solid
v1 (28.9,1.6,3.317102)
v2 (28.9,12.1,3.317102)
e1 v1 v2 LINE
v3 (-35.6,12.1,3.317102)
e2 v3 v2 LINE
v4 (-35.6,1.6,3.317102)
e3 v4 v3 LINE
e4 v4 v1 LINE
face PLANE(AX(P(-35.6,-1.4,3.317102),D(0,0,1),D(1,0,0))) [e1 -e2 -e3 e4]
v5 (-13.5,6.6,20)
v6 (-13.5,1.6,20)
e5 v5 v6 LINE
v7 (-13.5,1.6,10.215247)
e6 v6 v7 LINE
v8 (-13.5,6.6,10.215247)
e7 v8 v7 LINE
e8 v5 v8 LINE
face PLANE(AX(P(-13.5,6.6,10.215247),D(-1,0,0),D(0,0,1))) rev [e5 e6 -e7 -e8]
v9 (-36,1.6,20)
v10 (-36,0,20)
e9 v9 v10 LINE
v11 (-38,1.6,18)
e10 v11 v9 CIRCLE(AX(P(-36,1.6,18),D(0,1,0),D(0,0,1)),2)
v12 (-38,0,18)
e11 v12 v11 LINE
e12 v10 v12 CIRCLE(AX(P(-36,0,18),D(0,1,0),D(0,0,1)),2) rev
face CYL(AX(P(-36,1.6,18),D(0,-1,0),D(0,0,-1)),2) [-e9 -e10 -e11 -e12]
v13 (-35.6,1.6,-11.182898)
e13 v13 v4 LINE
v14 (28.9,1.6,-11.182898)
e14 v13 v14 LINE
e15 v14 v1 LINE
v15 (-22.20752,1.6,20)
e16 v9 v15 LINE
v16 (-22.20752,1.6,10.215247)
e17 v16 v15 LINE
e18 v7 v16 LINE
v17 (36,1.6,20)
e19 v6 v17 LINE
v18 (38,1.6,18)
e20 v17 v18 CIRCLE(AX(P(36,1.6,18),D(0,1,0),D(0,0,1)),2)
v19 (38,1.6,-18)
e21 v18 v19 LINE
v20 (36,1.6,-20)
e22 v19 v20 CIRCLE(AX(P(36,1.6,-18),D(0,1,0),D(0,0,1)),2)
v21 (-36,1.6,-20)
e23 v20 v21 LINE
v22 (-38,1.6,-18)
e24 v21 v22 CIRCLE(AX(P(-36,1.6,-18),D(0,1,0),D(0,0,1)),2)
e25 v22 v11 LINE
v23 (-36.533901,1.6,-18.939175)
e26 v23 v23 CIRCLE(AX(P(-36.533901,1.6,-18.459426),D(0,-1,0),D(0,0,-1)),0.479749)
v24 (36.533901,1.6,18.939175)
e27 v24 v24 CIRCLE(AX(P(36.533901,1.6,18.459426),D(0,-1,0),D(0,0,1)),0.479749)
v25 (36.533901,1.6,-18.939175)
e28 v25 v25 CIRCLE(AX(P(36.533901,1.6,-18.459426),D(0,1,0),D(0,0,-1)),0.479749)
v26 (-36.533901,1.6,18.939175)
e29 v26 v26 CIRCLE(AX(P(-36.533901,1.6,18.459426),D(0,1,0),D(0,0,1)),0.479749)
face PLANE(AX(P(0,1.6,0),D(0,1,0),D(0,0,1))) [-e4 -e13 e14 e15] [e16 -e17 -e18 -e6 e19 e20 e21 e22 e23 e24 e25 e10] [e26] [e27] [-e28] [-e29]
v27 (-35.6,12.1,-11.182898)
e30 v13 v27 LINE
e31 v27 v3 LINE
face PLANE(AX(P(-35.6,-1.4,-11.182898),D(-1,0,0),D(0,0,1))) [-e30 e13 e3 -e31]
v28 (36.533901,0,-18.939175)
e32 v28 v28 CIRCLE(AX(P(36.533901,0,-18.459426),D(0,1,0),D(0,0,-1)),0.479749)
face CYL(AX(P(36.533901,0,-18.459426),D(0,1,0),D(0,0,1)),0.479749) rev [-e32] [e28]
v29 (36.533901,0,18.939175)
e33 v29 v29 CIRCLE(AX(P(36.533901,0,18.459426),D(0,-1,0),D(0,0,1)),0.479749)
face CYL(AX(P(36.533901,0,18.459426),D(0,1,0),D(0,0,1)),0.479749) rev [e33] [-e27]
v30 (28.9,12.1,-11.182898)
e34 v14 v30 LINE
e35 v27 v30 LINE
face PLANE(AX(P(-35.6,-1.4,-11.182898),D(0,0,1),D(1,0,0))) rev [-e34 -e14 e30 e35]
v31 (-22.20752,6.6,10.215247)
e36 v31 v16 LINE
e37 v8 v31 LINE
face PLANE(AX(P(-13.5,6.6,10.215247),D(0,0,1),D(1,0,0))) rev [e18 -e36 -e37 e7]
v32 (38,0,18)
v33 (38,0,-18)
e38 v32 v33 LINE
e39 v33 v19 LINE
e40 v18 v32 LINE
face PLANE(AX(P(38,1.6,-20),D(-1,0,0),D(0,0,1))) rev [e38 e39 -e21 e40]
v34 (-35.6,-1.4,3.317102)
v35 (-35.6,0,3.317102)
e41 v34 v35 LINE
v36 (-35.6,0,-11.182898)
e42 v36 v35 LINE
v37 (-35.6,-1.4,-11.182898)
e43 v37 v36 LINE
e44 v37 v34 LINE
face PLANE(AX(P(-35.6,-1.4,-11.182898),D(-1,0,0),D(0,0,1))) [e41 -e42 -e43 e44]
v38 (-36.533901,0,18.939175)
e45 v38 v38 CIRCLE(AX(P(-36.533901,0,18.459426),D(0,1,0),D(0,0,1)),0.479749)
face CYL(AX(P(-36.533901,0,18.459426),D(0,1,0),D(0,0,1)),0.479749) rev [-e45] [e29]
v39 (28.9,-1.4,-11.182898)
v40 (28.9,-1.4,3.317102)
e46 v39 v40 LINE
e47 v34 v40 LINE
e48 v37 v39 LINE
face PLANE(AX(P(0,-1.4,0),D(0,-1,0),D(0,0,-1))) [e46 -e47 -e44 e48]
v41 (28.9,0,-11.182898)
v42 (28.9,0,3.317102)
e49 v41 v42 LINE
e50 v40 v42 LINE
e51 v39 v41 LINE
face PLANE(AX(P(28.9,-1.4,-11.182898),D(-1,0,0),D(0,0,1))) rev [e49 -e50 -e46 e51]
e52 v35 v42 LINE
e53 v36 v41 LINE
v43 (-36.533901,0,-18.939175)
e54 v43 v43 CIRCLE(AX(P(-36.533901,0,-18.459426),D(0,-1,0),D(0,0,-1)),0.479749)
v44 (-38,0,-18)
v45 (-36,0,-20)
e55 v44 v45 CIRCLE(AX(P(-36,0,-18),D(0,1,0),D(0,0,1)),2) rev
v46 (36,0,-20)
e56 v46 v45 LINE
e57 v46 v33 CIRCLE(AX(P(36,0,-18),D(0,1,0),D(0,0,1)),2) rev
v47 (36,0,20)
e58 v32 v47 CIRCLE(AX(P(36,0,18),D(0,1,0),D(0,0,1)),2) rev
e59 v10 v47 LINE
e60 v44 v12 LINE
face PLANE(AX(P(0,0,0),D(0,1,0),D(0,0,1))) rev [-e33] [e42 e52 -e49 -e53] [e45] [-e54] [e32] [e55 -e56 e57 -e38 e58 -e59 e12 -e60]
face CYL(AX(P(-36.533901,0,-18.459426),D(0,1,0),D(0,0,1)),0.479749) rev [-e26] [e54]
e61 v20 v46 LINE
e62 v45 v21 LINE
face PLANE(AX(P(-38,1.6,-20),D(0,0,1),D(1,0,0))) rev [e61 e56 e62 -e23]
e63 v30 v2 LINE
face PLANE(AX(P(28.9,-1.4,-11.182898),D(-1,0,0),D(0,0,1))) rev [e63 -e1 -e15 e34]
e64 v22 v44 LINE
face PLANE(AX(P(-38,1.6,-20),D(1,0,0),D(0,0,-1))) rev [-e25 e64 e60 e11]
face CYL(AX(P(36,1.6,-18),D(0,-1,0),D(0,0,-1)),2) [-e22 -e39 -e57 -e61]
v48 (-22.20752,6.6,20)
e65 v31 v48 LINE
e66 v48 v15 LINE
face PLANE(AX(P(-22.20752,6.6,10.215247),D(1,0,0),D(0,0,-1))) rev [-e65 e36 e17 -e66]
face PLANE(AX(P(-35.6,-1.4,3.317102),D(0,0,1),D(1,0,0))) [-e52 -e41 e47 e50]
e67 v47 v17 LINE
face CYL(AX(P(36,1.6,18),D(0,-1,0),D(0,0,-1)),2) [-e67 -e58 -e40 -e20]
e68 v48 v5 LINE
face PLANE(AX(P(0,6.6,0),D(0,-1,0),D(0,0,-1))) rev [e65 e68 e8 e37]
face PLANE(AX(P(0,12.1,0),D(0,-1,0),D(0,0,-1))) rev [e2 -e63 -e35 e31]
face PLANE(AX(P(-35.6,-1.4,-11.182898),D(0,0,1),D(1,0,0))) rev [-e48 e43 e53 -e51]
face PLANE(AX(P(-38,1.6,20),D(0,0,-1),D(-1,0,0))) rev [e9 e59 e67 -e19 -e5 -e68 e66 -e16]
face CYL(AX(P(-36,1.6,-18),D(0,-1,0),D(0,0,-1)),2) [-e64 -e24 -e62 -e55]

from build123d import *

# Parameters (mm, degrees)
ESQUISSE1_W                                = 76
ESQUISSE1_H                                = 40
BOSS_EXTRU_1_DEPTH                         = 1.6
CONG_1_R                                   = 2
ESQUISSE2_R                                = 0.479748543
ENL_V_MAT_EXTRU_1_DEPTH                    = 1.6
SYM_TRIE1_AT_THE_SECOND_PLANE_COPY_1_SKE_R = 0.479748543
SYM_TRIE1_AT_THE_SECOND_PLANE_COPY_1_DEPTH = 1.6
BOSS_EXTRU_2_DEPTH                         = 10.5
BOSS_EXTRU_2_DEPTH_BACK                    = 3
ESQUISSE3_W                                = 64.5
ESQUISSE3_H                                = 14.5
ESQUISSE4_W                                = 8.707519808
ESQUISSE4_H                                = 9.784752996
BOSS_EXTRU_3_DEPTH                         = 5


with BuildPart() as part:
    # Esquisse1 → Boss.-Extru.1 (new body)
    with BuildSketch(Plane(origin=(0, 0, 0), x_dir=(1, 0, 0), z_dir=(0, 1, 0))):
        Rectangle(ESQUISSE1_W, ESQUISSE1_H)
    extrude(amount=BOSS_EXTRU_1_DEPTH)

    # Congé1
    cong_1_edges = [part.edges().sort_by_distance(p)[0] for p in [
        (38, 0.8, 20),
        (-38, 0.8, 20),
        (-38, 0.8, -20),
        (38, 0.8, -20),
    ]]
    fillet(cong_1_edges, radius=CONG_1_R)

    # Esquisse2 → Enlèv. mat.-Extru.1 (cut)
    with BuildSketch(Plane(origin=(0, 1.6, 0), x_dir=(1, 0, 0), z_dir=(0, 1, 0))):
        with Locations(Location((-36.533901181, -18.459426324, 0), (0, 0, 270))):
            Circle(ESQUISSE2_R)
    enl_v_mat_extru_1 = extrude(amount=-ENL_V_MAT_EXTRU_1_DEPTH, mode=Mode.SUBTRACT)

    # Symétrie1: Enlèv. mat.-Extru.1 across plane
    add(enl_v_mat_extru_1.mirror(Plane(origin=(0, 0, 0), x_dir=(0, 0, 1), z_dir=(1, 0, 0))), mode=Mode.SUBTRACT)

    # Symétrie1 at the second plane: Enlèv. mat.-Extru.1 across plane
    add(enl_v_mat_extru_1.mirror(Plane.XY), mode=Mode.SUBTRACT)

    # Symétrie1 at the second plane copy 1 ske → Symétrie1 at the second plane copy 1 (cut)
    with BuildSketch(Plane(origin=(0, 1.6, 0), x_dir=(-1, 0, 0), z_dir=(0, 1, 0))):
        with Locations(Location((-36.533901181, -18.459426324, 0), (0, 0, 270))):
            Circle(SYM_TRIE1_AT_THE_SECOND_PLANE_COPY_1_SKE_R)
    extrude(amount=-SYM_TRIE1_AT_THE_SECOND_PLANE_COPY_1_DEPTH, mode=Mode.SUBTRACT)

    # Esquisse3 → Boss.-Extru.2 (add, two sides: drawn at the far end of the back side and taken through both)
    with BuildSketch(Plane(origin=(0, 1.6, 0), x_dir=(1, 0, 0), z_dir=(0, 1, 0)).offset(-BOSS_EXTRU_2_DEPTH_BACK)):
        with Locations((-3.35, 3.932898171)):
            Rectangle(ESQUISSE3_W, ESQUISSE3_H)
    extrude(amount=BOSS_EXTRU_2_DEPTH + BOSS_EXTRU_2_DEPTH_BACK)

    # Esquisse4 → Boss.-Extru.3 (add)
    with BuildSketch(Plane(origin=(0, 1.6, 0), x_dir=(1, 0, 0), z_dir=(0, 1, 0))):
        with Locations((-17.853759904, -15.107623502)):
            Rectangle(ESQUISSE4_W, ESQUISSE4_H)
    extrude(amount=BOSS_EXTRU_3_DEPTH)


solid = part.part
